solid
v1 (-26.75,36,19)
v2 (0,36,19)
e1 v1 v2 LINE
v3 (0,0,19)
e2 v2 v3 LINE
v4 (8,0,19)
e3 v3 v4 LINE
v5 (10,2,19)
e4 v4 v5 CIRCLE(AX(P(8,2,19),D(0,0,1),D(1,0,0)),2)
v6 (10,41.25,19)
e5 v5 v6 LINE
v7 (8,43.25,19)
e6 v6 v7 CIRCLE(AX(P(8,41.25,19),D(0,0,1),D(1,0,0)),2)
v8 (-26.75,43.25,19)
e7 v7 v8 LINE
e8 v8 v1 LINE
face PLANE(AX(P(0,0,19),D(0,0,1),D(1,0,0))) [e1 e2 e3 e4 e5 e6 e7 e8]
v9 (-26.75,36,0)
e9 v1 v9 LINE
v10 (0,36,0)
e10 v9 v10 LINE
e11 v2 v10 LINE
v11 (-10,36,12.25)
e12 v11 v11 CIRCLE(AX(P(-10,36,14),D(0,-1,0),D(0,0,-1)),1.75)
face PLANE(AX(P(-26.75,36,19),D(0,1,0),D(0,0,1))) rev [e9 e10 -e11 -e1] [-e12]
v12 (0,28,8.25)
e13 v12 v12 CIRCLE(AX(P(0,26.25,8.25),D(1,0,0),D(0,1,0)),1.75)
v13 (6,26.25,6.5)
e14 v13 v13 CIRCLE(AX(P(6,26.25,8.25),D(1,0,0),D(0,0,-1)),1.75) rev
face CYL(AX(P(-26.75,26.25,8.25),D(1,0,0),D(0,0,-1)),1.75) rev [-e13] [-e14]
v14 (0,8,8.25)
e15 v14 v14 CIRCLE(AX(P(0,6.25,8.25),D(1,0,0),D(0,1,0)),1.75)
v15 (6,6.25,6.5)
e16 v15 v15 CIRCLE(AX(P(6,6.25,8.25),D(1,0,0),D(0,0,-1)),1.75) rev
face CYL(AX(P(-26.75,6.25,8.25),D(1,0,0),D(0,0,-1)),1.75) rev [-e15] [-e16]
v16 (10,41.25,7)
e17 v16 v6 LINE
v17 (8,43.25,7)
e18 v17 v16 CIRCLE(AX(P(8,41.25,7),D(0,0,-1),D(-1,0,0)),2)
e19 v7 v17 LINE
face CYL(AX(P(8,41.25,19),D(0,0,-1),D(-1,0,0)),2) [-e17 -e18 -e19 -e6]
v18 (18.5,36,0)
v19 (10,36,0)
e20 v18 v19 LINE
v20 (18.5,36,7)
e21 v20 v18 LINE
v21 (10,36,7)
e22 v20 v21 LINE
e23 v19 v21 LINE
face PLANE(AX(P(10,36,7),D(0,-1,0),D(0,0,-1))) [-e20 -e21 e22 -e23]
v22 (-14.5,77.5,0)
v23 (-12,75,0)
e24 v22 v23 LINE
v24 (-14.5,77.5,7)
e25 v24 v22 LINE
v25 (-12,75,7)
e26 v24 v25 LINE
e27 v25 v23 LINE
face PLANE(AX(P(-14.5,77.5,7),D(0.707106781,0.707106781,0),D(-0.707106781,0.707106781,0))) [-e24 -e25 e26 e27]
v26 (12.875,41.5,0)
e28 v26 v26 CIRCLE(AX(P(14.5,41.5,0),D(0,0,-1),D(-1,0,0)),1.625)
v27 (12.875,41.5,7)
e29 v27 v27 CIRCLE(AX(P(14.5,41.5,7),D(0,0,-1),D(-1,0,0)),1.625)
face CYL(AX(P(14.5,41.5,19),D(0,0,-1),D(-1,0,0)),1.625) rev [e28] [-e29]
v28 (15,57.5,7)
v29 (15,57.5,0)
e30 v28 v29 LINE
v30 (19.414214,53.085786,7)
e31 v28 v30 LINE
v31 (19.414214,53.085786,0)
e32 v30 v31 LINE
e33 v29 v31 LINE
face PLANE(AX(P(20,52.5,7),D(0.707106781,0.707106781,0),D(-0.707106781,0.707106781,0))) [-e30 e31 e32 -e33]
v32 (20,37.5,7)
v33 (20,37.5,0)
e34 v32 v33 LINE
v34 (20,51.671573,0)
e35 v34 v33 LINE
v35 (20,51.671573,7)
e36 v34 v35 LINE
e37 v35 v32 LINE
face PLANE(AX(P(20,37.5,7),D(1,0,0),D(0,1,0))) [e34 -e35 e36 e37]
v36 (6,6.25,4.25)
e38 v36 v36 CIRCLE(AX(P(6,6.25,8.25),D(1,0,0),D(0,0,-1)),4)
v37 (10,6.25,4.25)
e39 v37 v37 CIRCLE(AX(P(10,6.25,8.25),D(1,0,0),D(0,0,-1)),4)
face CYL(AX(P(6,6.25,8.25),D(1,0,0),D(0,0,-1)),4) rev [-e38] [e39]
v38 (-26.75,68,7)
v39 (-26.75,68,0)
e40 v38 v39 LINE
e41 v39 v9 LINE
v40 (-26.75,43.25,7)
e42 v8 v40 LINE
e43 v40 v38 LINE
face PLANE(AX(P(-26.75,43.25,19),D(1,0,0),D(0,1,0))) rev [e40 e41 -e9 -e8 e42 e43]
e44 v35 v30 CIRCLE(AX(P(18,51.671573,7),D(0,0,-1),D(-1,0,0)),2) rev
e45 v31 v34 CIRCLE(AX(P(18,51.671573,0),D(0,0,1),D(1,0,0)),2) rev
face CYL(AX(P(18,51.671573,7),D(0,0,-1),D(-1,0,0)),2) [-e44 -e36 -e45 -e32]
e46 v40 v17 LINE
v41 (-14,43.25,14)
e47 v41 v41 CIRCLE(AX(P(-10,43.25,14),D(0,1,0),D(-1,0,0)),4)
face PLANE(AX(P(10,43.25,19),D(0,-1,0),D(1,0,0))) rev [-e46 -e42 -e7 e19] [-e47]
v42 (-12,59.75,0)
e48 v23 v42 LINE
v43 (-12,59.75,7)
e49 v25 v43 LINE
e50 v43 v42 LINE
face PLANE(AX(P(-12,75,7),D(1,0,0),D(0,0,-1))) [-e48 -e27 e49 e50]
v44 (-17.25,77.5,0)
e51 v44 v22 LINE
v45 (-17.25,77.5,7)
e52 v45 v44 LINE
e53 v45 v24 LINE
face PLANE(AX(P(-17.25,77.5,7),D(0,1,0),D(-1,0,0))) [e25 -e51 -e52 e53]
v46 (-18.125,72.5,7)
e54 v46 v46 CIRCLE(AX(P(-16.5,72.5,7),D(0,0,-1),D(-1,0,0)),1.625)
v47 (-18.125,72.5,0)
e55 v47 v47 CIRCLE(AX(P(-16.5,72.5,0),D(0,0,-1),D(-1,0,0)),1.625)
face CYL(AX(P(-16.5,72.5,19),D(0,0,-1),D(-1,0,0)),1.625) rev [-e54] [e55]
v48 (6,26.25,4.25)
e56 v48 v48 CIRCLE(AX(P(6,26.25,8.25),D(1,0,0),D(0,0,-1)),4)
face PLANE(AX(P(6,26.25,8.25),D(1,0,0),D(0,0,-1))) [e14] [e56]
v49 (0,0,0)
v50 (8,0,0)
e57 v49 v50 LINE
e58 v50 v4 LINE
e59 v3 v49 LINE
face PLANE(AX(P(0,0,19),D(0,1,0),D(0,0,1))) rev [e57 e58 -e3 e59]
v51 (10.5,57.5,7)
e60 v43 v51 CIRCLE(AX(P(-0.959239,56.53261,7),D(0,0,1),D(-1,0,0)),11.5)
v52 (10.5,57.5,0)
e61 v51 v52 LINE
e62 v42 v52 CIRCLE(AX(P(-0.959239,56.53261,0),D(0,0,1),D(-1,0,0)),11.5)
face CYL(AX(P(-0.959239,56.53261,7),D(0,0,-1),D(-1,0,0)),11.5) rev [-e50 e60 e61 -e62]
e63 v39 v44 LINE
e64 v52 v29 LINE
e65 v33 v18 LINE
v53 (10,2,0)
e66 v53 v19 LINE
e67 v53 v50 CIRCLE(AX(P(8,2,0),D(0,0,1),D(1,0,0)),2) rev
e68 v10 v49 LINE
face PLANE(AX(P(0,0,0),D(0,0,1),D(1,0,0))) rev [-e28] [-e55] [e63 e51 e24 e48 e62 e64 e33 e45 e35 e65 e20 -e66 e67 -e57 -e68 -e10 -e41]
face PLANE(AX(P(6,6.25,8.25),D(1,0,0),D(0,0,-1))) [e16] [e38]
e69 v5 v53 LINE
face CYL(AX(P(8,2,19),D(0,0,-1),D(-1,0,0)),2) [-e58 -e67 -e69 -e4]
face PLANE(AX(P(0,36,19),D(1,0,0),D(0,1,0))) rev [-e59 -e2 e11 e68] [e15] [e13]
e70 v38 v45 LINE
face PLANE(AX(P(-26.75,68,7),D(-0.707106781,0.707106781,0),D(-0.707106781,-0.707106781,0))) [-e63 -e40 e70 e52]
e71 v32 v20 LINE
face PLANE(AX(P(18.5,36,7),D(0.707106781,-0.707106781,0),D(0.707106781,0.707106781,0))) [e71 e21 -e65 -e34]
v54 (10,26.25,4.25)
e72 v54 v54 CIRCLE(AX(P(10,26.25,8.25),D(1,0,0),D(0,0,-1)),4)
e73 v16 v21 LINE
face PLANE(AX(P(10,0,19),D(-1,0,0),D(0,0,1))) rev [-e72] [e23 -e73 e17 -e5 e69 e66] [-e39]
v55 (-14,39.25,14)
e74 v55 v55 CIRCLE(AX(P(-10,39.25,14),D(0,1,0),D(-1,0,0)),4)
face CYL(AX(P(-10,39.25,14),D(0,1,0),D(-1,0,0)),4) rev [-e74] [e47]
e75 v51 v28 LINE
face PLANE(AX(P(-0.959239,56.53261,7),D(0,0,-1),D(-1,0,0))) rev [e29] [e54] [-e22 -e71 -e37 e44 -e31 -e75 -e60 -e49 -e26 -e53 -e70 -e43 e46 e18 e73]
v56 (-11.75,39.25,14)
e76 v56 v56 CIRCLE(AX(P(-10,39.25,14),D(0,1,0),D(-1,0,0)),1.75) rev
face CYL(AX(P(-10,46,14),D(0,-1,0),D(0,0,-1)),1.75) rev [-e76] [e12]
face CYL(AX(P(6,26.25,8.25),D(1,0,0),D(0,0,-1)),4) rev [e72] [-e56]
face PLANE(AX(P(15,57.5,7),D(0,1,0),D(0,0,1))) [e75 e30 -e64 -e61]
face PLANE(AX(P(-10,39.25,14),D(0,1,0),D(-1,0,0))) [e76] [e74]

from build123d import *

# Parameters (mm, degrees)
BOSS_EXTRUDE1_DEPTH = 19
BOSS_EXTRUDE2_DEPTH = 7
SKETCH3_R           = 1.75
CUT_EXTRUDE1_DEPTH  = 37.75
SKETCH6_R           = 4
CUT_EXTRUDE4_DEPTH  = 4
SKETCH7_R           = 1.625
CUT_EXTRUDE5_DEPTH  = 20
FILLET1_R           = 2
SKETCH8_R           = 1.75
CUT_EXTRUDE6_DEPTH  = 10
SKETCH9_R           = 4
CUT_EXTRUDE7_DEPTH  = 4


with BuildPart() as part:
    # Sketch1 → Boss-Extrude1 (new body)
    with BuildSketch(Plane.XY):
        Polygon((0, 0), (10, 0), (10, 43.25), (-26.75, 43.25), (-26.75, 36), (0, 36), align=None)
    extrude(amount=BOSS_EXTRUDE1_DEPTH)

    # Sketch2 → Boss-Extrude2 (add)
    with BuildSketch(Plane(origin=(0, 0, 0), x_dir=(-1, 0, 0), z_dir=(0, 0, -1))):
        with BuildLine():
            Line((-10, 36), (26.75, 36))
            Line((26.75, 36), (26.75, 68))
            Line((26.75, 68), (17.25, 77.5))
            Line((17.25, 77.5), (14.5, 77.5))
            Line((14.5, 77.5), (12, 75))
            Line((12, 75), (12, 59.75))
            ThreePointArc((12, 59.75), (2.103531724, 45.089682755), (-10.5, 57.5))
            Line((-10.5, 57.5), (-15, 57.5))
            Line((-15, 57.5), (-20, 52.5))
            Line((-20, 52.5), (-20, 37.5))
            Line((-20, 37.5), (-18.5, 36))
            Line((-18.5, 36), (-10, 36))
        make_face()
    extrude(amount=-BOSS_EXTRUDE2_DEPTH)

    # Sketch3 → Cut-Extrude1 (cut, through all)
    with BuildSketch(Plane(origin=(10, 0, 0), x_dir=(0, 0, -1), z_dir=(1, 0, 0))):
        with Locations((-8.25, 26.25)):
            Circle(SKETCH3_R)
        with Locations((-8.25, 6.25)):
            Circle(SKETCH3_R)
    extrude(amount=-CUT_EXTRUDE1_DEPTH, mode=Mode.SUBTRACT)

    # Sketch6 → Cut-Extrude4 (cut)
    with BuildSketch(Plane(origin=(10, 0, 0), x_dir=(0, 0, -1), z_dir=(1, 0, 0))):
        with Locations((-8.25, 26.25)):
            Circle(SKETCH6_R)
        with Locations((-8.25, 6.25)):
            Circle(SKETCH6_R)
    extrude(amount=-CUT_EXTRUDE4_DEPTH, mode=Mode.SUBTRACT)

    # Sketch7 → Cut-Extrude5 (cut, through all)
    with BuildSketch(Plane(origin=(0, 0, 0), x_dir=(-1, 0, 0), z_dir=(0, 0, -1))):
        with Locations((16.5, 72.5)):
            Circle(SKETCH7_R)
        with Locations((-14.5, 41.5)):
            Circle(SKETCH7_R)
    extrude(amount=-CUT_EXTRUDE5_DEPTH, mode=Mode.SUBTRACT)

    # Fillet1
    fillet1_edges = [part.edges().sort_by_distance(p)[0] for p in [
        (10, 43.25, 13),
        (10, 0, 9.5),
        (20, 52.5, 3.5),
    ]]
    fillet(fillet1_edges, radius=FILLET1_R)

    # Sketch8 → Cut-Extrude6 (cut)
    with BuildSketch(Plane.XZ.offset(-36)):
        with Locations((-10, 14)):
            Circle(SKETCH8_R)
    extrude(amount=-CUT_EXTRUDE6_DEPTH, mode=Mode.SUBTRACT)

    # Sketch9 → Cut-Extrude7 (cut)
    with BuildSketch(Plane(origin=(0, 43.25, 0), x_dir=(1, 0, 0), z_dir=(0, 1, 0))):
        with Locations((-10, -14)):
            Circle(SKETCH9_R)
    extrude(amount=-CUT_EXTRUDE7_DEPTH, mode=Mode.SUBTRACT)


solid = part.part
